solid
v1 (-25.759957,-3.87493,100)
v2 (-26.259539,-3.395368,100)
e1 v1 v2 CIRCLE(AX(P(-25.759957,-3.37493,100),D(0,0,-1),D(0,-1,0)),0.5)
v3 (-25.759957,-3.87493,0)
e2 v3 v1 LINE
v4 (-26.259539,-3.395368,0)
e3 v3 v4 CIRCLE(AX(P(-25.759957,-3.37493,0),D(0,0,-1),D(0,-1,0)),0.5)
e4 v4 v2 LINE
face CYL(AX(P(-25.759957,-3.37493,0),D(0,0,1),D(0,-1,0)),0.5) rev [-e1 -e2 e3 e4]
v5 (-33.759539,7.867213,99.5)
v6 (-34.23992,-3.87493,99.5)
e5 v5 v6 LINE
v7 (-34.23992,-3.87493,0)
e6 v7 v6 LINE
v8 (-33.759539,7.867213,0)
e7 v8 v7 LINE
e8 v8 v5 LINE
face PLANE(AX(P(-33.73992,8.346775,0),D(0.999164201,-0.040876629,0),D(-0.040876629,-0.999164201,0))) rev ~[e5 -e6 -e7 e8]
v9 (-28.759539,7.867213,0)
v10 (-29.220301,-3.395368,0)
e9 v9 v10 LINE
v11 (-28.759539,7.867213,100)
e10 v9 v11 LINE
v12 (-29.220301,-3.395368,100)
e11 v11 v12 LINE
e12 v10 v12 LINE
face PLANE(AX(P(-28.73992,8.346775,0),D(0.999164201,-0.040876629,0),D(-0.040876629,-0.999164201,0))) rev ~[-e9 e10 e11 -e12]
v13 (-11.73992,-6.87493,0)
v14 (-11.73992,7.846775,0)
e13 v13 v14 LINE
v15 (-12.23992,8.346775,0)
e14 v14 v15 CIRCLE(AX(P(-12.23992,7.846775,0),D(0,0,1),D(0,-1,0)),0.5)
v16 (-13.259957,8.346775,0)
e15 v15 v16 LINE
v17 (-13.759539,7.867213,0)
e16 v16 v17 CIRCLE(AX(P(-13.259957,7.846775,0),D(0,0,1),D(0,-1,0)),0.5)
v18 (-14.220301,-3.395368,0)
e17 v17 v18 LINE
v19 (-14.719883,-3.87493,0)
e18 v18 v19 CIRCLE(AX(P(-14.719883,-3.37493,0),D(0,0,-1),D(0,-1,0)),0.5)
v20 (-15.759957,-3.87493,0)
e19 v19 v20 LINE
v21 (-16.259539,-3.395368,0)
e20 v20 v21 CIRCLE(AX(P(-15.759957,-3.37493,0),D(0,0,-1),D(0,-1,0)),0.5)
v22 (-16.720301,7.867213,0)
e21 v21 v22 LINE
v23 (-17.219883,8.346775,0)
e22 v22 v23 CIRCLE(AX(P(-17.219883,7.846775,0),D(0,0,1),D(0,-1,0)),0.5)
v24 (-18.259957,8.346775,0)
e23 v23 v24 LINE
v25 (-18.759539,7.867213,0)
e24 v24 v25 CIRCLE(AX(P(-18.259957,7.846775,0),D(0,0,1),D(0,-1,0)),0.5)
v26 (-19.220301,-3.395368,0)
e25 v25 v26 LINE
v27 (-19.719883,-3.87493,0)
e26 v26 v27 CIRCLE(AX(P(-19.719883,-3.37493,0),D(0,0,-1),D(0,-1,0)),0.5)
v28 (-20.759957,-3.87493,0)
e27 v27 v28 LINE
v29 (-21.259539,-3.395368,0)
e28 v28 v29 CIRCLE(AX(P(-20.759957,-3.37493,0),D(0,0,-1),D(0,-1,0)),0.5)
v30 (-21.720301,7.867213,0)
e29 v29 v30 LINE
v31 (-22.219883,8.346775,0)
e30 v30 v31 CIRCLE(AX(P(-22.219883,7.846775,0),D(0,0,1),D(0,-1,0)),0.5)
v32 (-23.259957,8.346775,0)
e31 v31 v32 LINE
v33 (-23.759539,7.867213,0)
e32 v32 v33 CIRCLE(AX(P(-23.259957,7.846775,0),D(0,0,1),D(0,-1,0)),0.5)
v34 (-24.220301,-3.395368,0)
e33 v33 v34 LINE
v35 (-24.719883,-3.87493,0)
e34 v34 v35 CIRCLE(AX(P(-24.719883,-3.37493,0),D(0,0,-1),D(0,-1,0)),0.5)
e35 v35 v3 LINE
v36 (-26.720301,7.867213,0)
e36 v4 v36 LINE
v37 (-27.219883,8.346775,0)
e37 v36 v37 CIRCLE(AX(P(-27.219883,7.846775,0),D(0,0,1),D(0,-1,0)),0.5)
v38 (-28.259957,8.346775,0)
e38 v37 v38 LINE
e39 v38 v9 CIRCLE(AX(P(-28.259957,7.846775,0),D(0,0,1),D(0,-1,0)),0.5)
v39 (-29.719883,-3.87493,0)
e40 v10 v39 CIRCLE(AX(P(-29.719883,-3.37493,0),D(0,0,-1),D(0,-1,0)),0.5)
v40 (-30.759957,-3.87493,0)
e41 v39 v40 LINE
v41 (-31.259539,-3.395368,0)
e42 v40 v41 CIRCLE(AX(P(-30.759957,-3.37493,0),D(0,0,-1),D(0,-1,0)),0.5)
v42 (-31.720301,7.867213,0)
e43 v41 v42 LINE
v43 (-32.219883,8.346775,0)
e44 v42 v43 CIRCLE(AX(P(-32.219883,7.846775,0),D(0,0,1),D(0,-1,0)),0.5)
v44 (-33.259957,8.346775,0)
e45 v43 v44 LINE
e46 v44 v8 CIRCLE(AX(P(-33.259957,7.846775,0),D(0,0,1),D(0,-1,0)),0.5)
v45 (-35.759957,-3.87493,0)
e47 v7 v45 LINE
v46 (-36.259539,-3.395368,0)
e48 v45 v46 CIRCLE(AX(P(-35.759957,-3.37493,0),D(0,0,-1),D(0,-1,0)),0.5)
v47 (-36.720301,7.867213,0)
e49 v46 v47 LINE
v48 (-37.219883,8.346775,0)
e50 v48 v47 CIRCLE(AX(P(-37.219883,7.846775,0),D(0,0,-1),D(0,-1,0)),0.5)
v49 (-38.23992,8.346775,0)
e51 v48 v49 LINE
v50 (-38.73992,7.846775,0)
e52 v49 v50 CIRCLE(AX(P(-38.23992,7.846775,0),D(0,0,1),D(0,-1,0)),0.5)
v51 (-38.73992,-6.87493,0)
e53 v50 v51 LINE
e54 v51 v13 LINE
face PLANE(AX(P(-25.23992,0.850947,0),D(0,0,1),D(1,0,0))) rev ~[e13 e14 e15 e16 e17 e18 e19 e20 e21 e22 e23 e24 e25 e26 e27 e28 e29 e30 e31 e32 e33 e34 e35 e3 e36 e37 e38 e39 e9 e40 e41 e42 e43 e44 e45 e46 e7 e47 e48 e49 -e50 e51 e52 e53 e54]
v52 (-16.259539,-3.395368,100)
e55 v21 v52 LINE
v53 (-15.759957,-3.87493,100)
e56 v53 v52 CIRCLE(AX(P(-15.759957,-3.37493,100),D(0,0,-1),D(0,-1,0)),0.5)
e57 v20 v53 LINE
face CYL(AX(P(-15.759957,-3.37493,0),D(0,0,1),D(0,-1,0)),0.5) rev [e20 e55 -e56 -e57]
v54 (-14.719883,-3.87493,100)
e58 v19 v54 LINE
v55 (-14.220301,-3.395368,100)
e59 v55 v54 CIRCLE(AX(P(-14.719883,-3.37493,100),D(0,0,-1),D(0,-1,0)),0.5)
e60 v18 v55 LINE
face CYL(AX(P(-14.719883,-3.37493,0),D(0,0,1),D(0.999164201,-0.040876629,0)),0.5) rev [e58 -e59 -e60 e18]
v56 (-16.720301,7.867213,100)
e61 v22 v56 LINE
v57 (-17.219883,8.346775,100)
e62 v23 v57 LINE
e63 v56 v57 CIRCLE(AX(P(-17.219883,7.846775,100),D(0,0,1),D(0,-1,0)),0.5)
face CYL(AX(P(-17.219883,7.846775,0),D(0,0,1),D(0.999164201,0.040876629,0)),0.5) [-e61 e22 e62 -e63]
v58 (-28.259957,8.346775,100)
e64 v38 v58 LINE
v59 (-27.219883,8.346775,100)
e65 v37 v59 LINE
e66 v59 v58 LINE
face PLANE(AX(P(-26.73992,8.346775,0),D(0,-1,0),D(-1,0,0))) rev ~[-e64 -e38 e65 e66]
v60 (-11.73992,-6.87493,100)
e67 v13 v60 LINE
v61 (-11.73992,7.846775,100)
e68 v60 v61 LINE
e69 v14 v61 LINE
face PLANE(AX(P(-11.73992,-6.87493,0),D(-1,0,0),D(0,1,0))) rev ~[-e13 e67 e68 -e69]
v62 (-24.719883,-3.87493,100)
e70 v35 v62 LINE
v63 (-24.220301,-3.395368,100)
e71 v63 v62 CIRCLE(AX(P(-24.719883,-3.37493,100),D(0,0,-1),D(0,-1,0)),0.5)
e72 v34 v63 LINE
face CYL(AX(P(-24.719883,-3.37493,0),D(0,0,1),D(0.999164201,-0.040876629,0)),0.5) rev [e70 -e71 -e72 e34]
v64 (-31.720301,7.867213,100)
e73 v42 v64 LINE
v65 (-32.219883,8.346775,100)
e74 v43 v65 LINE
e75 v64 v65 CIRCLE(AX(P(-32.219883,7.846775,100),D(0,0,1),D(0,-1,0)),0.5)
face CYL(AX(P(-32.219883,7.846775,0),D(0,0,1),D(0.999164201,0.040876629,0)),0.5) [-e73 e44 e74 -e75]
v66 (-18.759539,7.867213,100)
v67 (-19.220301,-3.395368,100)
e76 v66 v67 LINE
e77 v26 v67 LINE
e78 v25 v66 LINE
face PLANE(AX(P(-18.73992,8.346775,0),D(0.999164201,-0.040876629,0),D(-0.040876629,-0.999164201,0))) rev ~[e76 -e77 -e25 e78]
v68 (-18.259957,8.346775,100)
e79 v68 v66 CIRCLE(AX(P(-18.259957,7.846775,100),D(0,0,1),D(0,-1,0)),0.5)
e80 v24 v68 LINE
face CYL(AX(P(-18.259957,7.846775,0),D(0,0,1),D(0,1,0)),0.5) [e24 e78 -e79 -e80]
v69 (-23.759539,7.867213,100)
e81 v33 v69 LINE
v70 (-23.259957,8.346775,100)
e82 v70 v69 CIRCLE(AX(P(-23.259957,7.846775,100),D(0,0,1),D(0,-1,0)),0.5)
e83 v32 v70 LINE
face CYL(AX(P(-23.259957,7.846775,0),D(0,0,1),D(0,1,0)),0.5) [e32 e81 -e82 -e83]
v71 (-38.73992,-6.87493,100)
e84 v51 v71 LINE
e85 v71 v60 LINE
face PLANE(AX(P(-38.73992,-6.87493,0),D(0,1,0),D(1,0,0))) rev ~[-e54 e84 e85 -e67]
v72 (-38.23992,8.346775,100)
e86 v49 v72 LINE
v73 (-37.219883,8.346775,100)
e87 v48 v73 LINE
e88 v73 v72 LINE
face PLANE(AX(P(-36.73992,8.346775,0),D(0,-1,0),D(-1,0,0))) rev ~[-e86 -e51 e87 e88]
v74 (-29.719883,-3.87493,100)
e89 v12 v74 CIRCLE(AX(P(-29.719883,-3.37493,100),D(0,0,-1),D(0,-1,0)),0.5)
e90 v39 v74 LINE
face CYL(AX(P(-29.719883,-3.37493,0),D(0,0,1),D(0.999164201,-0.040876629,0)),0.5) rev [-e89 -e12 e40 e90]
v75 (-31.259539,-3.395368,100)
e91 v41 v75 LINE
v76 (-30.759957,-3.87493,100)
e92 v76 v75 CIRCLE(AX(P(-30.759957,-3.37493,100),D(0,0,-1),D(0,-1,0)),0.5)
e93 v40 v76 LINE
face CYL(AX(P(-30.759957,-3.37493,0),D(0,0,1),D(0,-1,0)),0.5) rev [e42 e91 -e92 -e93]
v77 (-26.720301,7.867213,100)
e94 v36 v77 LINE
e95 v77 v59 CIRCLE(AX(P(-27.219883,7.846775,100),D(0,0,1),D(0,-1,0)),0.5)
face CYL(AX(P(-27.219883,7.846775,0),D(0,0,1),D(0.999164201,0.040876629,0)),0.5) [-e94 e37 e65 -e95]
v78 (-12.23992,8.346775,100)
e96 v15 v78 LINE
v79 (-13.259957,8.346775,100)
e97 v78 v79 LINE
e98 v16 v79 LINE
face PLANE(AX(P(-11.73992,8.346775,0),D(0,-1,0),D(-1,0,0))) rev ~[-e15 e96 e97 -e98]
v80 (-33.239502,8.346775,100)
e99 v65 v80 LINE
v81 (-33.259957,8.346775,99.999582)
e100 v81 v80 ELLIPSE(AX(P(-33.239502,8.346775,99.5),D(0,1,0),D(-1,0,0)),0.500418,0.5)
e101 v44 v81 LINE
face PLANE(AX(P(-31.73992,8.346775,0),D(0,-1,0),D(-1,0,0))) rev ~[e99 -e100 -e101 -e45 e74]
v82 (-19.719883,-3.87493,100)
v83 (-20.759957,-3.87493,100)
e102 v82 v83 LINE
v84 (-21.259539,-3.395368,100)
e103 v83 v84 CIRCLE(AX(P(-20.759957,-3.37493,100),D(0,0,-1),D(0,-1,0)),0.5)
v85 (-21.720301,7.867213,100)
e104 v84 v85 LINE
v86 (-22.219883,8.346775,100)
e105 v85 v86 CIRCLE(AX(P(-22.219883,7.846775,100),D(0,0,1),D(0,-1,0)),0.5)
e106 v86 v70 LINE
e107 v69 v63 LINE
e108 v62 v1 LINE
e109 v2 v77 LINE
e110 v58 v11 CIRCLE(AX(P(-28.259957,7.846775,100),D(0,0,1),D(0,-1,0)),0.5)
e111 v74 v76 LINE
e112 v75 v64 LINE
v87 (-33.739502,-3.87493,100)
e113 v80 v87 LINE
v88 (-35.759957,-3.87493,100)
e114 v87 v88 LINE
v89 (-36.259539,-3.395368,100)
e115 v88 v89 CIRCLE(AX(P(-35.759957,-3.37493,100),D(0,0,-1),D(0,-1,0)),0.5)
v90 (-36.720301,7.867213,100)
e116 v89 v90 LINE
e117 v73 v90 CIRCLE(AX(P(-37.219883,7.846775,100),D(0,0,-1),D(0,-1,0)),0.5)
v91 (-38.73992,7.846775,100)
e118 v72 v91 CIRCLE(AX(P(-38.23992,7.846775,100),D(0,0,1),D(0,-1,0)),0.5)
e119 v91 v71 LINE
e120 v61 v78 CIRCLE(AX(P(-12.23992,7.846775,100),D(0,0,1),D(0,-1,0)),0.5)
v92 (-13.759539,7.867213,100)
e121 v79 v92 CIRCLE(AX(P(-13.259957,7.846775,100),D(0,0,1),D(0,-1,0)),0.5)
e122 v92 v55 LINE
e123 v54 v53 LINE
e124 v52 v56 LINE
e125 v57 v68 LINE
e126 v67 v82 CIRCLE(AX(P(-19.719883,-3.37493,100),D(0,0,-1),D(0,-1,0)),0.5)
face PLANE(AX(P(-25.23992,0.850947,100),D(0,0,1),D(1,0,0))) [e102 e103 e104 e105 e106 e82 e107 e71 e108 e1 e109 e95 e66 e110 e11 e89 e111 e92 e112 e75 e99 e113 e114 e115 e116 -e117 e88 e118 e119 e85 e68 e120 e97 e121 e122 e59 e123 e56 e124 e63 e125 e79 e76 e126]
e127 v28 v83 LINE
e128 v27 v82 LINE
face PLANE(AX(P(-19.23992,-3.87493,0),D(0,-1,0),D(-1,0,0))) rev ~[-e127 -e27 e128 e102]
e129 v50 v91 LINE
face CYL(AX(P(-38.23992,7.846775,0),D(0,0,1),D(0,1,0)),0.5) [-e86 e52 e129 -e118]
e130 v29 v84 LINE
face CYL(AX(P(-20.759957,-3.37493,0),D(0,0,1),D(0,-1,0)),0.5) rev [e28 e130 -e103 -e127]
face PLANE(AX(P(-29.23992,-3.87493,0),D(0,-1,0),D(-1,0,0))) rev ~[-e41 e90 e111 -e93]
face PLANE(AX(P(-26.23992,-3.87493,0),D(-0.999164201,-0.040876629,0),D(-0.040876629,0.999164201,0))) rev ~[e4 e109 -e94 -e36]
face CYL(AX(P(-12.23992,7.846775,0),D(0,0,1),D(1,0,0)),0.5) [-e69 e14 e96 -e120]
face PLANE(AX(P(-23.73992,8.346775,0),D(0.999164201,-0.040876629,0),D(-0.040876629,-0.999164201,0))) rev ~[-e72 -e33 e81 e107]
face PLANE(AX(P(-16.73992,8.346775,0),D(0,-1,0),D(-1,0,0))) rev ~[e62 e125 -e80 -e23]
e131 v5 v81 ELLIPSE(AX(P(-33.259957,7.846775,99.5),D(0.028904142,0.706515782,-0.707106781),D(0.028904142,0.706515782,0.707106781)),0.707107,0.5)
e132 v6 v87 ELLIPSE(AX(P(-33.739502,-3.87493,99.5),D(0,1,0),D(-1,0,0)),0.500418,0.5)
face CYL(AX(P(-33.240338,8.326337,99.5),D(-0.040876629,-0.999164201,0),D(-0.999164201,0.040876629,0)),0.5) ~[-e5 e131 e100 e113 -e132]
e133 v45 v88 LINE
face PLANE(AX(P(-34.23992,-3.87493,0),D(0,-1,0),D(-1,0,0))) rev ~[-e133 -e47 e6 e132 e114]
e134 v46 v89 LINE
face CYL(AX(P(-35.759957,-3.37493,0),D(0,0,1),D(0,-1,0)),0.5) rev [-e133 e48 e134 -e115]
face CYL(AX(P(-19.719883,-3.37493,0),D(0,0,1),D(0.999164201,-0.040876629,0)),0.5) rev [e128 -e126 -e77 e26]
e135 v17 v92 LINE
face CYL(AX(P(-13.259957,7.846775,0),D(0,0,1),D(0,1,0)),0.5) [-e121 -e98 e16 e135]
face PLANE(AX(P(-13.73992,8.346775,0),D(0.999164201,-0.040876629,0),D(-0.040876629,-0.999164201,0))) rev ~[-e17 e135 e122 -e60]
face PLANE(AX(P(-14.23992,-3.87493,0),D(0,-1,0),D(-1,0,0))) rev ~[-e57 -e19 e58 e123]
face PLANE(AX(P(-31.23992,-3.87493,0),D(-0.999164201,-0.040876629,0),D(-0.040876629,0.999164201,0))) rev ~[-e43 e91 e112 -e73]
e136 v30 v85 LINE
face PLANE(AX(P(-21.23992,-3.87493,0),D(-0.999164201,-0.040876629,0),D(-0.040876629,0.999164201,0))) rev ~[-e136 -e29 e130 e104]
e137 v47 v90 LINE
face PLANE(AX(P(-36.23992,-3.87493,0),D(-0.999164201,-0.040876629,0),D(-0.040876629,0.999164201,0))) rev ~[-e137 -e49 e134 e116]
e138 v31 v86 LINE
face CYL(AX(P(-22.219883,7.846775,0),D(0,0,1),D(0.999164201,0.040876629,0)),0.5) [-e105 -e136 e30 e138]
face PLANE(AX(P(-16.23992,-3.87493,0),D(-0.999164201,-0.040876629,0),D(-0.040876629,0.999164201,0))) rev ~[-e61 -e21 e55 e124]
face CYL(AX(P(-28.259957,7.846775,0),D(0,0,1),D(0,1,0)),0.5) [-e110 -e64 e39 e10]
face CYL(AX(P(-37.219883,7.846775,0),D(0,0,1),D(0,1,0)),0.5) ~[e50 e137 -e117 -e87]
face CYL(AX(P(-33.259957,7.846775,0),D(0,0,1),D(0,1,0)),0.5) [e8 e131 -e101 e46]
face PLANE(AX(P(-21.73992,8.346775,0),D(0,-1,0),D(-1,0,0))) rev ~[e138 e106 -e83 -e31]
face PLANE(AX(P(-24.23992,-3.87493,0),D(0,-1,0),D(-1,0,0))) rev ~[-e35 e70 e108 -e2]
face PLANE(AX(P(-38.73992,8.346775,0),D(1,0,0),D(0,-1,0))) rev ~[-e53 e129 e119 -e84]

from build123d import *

# Parameters (mm, degrees)
F1_DEPTH = 100
F2_R     = 0.5


with BuildPart() as f1:
    # F0 (on Top) → F1 (new body)
    with BuildSketch(Plane.XY):
        Polygon((-36.73992, 8.346775), (-38.73992, 8.346775), (-38.73992, -6.87493), (-11.73992, -6.87493), (-11.73992, 8.346775), (-13.73992, 8.346775), (-14.23992, -3.87493), (-16.23992, -3.87493), (-16.73992, 8.346775), (-18.73992, 8.346775), (-19.23992, -3.87493), (-21.23992, -3.87493), (-21.73992, 8.346775), (-23.73992, 8.346775), (-24.23992, -3.87493), (-26.23992, -3.87493), (-26.73992, 8.346775), (-28.73992, 8.346775), (-29.23992, -3.87493), (-31.23992, -3.87493), (-31.73992, 8.346775), (-33.73992, 8.346775), (-34.23992, -3.87493), (-36.23992, -3.87493), align=None)
    extrude(amount=F1_DEPTH)

    # F2
    f2_edges = [f1.edges().sort_by_distance(p)[0] for p in [
        (-13.73992, 8.346775, 50),
        (-11.73992, 8.346775, 50),
        (-18.73992, 8.346775, 50),
        (-16.73992, 8.346775, 50),
        (-23.73992, 8.346775, 50),
        (-21.73992, 8.346775, 50),
        (-28.73992, 8.346775, 50),
        (-26.73992, 8.346775, 50),
        (-33.73992, 8.346775, 50),
        (-31.73992, 8.346775, 50),
        (-38.73992, 8.346775, 50),
        (-36.73992, 8.346775, 50),
        (-36.23992, -3.87493, 50),
        (-33.98992, 2.235922, 100),
        (-31.23992, -3.87493, 50),
        (-26.23992, -3.87493, 50),
        (-24.23992, -3.87493, 50),
        (-29.23992, -3.87493, 50),
        (-21.23992, -3.87493, 50),
        (-19.23992, -3.87493, 50),
        (-16.23992, -3.87493, 50),
        (-14.23992, -3.87493, 50),
    ]]
    fillet(f2_edges, radius=F2_R)


solid = f1.part
